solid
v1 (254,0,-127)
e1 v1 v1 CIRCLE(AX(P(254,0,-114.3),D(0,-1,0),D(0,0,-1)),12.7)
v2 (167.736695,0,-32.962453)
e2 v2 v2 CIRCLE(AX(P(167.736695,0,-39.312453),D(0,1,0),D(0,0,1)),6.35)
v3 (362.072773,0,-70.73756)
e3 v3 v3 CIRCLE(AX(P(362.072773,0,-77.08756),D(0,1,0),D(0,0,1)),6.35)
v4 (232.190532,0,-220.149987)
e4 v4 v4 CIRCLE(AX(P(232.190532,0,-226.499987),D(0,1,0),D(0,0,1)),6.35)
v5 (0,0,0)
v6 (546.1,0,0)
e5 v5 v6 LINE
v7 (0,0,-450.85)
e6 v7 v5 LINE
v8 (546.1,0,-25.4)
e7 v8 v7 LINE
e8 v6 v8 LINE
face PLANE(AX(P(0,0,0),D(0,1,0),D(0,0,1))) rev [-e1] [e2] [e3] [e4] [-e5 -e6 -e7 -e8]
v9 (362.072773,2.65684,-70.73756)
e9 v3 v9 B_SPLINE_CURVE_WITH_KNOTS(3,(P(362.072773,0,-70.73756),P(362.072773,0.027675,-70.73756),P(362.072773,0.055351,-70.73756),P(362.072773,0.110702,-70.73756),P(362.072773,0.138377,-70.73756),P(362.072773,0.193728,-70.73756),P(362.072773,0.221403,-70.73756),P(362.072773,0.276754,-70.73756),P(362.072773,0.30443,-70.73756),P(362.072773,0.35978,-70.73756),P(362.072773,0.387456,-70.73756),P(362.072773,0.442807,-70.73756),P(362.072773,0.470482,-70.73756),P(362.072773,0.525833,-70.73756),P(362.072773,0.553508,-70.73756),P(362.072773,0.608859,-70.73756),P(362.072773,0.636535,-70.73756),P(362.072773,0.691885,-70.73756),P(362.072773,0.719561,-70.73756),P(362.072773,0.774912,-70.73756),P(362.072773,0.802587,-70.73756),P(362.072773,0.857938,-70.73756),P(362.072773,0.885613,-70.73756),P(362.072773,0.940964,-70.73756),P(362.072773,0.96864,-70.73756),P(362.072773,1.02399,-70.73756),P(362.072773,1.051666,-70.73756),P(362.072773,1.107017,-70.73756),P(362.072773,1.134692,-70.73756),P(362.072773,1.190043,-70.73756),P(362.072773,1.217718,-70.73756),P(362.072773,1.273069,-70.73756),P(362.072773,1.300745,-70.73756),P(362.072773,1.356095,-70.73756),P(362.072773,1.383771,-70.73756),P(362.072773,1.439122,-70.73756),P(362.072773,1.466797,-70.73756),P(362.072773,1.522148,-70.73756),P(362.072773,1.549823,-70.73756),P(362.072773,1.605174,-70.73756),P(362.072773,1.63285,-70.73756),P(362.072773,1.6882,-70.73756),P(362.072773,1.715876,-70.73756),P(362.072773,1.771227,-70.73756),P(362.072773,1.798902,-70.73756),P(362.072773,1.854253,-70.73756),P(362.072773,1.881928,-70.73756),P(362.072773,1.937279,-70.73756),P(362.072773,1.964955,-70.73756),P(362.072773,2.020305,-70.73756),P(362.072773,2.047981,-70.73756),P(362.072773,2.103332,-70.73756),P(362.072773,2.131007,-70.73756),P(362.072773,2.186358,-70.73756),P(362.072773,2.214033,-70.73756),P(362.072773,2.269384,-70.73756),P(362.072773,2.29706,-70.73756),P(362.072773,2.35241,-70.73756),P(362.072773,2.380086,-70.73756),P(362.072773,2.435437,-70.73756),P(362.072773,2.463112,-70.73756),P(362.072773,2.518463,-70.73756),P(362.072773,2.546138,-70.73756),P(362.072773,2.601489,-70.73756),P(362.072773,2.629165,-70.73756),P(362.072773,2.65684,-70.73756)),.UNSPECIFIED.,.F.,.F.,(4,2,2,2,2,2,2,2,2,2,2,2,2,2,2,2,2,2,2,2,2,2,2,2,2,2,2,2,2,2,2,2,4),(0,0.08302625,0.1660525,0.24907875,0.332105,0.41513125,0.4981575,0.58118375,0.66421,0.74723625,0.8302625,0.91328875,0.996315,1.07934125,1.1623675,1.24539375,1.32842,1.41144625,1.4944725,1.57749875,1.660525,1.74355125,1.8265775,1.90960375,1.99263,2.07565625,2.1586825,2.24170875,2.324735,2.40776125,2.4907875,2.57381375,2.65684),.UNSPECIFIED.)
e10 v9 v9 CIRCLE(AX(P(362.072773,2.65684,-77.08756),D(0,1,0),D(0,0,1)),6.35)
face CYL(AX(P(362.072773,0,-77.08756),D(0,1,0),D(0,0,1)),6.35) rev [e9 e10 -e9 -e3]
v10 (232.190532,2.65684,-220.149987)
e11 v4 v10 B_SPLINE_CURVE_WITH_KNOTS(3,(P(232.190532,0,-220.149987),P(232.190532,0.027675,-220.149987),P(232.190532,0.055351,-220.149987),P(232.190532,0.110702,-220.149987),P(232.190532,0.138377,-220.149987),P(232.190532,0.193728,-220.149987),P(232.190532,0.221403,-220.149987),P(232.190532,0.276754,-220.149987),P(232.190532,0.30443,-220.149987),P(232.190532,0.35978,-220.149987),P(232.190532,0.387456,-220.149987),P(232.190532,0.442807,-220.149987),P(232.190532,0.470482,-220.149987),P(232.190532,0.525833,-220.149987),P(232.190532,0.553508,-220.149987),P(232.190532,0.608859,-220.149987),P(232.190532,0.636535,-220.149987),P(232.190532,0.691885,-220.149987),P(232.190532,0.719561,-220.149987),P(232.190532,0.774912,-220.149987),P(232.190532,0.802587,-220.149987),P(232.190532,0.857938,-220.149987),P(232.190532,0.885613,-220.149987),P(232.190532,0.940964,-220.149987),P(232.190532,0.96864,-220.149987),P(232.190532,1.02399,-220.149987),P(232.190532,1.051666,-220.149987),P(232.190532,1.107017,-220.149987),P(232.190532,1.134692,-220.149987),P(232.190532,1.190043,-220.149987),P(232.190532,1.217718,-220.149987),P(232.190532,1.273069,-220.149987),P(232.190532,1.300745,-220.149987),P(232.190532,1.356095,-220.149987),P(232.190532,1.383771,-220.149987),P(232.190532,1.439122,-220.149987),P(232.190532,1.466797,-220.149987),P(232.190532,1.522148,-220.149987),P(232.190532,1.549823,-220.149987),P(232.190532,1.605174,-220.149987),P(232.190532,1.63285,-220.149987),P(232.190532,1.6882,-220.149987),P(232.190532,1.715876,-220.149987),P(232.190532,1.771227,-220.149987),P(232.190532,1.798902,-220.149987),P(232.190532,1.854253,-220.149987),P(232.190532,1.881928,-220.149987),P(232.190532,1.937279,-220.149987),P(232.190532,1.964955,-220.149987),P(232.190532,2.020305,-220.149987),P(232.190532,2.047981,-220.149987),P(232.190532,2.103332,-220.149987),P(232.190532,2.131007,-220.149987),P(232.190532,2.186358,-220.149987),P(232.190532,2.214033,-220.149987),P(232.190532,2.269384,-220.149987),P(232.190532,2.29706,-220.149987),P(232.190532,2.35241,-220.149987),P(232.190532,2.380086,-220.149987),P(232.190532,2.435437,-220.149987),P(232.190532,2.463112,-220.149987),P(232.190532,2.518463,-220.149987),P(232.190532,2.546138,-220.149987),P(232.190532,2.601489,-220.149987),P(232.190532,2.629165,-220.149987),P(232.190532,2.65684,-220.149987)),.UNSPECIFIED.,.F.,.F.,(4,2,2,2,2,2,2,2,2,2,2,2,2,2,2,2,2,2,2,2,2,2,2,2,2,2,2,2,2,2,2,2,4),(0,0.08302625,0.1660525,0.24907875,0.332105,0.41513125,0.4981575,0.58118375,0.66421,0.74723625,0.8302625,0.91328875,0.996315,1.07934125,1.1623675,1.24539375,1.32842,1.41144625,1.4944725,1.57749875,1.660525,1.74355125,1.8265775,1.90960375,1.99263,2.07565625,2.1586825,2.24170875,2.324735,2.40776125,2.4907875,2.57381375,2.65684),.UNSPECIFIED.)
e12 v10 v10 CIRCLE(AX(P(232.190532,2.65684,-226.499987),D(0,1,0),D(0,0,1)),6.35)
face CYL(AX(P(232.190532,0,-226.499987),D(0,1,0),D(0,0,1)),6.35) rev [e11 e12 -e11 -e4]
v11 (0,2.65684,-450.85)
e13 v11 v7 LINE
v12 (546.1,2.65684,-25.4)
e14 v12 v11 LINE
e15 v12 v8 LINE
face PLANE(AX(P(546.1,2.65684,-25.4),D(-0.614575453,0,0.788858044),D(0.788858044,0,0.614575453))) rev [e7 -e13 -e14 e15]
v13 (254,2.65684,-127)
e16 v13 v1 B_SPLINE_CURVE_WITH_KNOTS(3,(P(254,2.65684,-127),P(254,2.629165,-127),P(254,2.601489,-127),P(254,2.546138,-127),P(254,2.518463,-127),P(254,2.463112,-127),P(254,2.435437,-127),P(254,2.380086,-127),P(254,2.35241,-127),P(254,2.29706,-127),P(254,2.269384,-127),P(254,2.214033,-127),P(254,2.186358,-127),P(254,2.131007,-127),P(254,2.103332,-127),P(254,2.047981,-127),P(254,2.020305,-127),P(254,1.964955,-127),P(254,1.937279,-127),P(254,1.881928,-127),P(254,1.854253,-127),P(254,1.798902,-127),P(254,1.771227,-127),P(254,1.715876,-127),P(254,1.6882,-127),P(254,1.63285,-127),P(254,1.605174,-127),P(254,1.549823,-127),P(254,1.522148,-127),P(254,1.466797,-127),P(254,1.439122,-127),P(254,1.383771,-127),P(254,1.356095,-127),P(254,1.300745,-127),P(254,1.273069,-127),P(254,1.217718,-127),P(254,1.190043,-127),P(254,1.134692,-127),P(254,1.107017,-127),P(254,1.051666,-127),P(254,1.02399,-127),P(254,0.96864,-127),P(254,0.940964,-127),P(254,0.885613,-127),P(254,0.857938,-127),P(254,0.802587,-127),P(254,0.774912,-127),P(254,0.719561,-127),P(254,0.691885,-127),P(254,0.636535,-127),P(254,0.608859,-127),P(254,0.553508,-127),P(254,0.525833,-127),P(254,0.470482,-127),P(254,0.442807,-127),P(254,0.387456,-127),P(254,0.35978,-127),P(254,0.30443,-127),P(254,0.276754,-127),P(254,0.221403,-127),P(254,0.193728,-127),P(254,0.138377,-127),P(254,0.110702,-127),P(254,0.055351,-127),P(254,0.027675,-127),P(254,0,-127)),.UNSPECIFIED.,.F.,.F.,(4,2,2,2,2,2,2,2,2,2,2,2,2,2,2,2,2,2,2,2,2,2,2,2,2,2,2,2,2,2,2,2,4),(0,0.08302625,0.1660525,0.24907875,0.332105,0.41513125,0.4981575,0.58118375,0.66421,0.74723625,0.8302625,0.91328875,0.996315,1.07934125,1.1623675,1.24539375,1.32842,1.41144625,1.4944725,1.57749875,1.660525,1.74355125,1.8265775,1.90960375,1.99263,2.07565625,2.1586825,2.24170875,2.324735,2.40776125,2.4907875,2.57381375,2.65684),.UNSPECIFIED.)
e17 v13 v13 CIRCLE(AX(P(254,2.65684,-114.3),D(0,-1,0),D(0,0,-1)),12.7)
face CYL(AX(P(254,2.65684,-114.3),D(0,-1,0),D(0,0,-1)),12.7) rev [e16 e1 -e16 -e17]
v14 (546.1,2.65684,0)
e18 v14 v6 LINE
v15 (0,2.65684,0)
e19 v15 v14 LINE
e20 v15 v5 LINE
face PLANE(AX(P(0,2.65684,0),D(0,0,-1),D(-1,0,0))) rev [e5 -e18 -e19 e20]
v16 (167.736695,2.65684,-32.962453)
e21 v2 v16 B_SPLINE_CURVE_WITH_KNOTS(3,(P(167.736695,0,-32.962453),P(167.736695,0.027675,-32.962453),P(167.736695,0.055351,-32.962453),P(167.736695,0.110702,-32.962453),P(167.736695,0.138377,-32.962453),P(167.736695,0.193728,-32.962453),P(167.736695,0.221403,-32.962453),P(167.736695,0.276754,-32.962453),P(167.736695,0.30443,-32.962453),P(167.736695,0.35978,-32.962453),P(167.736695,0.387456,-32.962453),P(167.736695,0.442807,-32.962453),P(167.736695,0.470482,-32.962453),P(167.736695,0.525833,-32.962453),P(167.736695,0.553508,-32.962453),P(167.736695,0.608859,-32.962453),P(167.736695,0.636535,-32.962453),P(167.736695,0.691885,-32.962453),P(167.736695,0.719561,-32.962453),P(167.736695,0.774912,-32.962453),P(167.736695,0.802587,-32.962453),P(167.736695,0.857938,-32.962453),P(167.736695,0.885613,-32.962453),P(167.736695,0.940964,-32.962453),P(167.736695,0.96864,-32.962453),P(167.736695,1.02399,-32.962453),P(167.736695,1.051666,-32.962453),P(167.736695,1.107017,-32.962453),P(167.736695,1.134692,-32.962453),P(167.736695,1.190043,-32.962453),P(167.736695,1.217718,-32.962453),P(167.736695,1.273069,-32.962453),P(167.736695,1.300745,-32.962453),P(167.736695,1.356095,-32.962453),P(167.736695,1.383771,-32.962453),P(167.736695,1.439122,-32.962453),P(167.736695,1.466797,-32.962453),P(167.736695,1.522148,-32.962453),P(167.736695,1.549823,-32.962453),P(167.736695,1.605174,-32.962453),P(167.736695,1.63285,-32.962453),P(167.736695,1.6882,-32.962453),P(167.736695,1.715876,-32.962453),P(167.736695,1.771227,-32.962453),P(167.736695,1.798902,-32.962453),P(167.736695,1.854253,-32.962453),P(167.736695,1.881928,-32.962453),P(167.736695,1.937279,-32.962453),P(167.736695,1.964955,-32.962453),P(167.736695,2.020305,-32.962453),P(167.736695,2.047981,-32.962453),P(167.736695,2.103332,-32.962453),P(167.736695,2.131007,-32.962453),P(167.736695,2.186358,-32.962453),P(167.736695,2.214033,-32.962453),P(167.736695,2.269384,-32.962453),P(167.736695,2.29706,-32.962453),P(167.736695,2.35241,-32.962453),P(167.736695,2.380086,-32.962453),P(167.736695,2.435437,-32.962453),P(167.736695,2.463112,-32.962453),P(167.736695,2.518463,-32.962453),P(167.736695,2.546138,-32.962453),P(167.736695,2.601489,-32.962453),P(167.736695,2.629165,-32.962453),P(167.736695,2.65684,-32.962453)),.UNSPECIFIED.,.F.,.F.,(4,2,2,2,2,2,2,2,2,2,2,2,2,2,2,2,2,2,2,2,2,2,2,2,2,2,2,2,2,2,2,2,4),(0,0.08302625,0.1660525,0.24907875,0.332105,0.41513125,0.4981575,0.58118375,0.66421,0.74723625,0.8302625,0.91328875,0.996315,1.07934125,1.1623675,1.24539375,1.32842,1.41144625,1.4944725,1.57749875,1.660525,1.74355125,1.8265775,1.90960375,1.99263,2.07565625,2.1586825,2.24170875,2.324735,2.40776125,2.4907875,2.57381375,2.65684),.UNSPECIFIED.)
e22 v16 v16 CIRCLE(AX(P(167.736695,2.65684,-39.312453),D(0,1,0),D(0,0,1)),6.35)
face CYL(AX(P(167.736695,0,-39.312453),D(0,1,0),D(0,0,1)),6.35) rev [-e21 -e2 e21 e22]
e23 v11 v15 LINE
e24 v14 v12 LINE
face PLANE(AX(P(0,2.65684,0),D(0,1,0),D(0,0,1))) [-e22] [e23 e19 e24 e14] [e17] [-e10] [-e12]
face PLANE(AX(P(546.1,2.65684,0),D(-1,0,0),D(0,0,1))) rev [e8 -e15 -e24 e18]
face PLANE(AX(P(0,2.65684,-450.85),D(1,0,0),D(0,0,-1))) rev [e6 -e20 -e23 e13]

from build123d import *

# Parameters (mm, degrees)
BOSS_EXTRUDE1_DEPTH = 2.65684
SKETCH2_R           = 12.7
CUT_EXTRUDE1_DEPTH  = 709.165228812
SKETCH3_R           = 6.35
CUT_EXTRUDE2_DEPTH  = 709.165228812


with BuildPart() as part:
    # Sketch1 → Boss-Extrude1 (new body)
    with BuildSketch(Plane(origin=(0, 0, 0), x_dir=(1, 0, 0), z_dir=(0, 1, 0))):
        Polygon((0, 450.85), (0, 0), (546.1, 0), (546.1, 25.4), align=None)
    extrude(amount=BOSS_EXTRUDE1_DEPTH)

    # Sketch2 → Cut-Extrude1 (cut, through all)
    with BuildSketch(Plane.XZ):
        with Locations(Location((254, -114.3, 0), (0, 0, 270))):
            Circle(SKETCH2_R)
    extrude(amount=-CUT_EXTRUDE1_DEPTH, mode=Mode.SUBTRACT)

    # Sketch3 → Cut-Extrude2 (cut, through all)
    with BuildSketch(Plane(origin=(0, 2.65684, 0), x_dir=(1, 0, 0), z_dir=(0, 1, 0))):
        with Locations(Location((362.072773191, 77.087559946, 0), (0, 0, 270))):
            Circle(SKETCH3_R)
        with Locations(Location((167.736694981, 39.312452986, 0), (0, 0, 270))):
            Circle(SKETCH3_R)
        with Locations(Location((232.190531828, 226.499987068, 0), (0, 0, 270))):
            Circle(SKETCH3_R)
    extrude(amount=-CUT_EXTRUDE2_DEPTH, mode=Mode.SUBTRACT)


solid = part.part
